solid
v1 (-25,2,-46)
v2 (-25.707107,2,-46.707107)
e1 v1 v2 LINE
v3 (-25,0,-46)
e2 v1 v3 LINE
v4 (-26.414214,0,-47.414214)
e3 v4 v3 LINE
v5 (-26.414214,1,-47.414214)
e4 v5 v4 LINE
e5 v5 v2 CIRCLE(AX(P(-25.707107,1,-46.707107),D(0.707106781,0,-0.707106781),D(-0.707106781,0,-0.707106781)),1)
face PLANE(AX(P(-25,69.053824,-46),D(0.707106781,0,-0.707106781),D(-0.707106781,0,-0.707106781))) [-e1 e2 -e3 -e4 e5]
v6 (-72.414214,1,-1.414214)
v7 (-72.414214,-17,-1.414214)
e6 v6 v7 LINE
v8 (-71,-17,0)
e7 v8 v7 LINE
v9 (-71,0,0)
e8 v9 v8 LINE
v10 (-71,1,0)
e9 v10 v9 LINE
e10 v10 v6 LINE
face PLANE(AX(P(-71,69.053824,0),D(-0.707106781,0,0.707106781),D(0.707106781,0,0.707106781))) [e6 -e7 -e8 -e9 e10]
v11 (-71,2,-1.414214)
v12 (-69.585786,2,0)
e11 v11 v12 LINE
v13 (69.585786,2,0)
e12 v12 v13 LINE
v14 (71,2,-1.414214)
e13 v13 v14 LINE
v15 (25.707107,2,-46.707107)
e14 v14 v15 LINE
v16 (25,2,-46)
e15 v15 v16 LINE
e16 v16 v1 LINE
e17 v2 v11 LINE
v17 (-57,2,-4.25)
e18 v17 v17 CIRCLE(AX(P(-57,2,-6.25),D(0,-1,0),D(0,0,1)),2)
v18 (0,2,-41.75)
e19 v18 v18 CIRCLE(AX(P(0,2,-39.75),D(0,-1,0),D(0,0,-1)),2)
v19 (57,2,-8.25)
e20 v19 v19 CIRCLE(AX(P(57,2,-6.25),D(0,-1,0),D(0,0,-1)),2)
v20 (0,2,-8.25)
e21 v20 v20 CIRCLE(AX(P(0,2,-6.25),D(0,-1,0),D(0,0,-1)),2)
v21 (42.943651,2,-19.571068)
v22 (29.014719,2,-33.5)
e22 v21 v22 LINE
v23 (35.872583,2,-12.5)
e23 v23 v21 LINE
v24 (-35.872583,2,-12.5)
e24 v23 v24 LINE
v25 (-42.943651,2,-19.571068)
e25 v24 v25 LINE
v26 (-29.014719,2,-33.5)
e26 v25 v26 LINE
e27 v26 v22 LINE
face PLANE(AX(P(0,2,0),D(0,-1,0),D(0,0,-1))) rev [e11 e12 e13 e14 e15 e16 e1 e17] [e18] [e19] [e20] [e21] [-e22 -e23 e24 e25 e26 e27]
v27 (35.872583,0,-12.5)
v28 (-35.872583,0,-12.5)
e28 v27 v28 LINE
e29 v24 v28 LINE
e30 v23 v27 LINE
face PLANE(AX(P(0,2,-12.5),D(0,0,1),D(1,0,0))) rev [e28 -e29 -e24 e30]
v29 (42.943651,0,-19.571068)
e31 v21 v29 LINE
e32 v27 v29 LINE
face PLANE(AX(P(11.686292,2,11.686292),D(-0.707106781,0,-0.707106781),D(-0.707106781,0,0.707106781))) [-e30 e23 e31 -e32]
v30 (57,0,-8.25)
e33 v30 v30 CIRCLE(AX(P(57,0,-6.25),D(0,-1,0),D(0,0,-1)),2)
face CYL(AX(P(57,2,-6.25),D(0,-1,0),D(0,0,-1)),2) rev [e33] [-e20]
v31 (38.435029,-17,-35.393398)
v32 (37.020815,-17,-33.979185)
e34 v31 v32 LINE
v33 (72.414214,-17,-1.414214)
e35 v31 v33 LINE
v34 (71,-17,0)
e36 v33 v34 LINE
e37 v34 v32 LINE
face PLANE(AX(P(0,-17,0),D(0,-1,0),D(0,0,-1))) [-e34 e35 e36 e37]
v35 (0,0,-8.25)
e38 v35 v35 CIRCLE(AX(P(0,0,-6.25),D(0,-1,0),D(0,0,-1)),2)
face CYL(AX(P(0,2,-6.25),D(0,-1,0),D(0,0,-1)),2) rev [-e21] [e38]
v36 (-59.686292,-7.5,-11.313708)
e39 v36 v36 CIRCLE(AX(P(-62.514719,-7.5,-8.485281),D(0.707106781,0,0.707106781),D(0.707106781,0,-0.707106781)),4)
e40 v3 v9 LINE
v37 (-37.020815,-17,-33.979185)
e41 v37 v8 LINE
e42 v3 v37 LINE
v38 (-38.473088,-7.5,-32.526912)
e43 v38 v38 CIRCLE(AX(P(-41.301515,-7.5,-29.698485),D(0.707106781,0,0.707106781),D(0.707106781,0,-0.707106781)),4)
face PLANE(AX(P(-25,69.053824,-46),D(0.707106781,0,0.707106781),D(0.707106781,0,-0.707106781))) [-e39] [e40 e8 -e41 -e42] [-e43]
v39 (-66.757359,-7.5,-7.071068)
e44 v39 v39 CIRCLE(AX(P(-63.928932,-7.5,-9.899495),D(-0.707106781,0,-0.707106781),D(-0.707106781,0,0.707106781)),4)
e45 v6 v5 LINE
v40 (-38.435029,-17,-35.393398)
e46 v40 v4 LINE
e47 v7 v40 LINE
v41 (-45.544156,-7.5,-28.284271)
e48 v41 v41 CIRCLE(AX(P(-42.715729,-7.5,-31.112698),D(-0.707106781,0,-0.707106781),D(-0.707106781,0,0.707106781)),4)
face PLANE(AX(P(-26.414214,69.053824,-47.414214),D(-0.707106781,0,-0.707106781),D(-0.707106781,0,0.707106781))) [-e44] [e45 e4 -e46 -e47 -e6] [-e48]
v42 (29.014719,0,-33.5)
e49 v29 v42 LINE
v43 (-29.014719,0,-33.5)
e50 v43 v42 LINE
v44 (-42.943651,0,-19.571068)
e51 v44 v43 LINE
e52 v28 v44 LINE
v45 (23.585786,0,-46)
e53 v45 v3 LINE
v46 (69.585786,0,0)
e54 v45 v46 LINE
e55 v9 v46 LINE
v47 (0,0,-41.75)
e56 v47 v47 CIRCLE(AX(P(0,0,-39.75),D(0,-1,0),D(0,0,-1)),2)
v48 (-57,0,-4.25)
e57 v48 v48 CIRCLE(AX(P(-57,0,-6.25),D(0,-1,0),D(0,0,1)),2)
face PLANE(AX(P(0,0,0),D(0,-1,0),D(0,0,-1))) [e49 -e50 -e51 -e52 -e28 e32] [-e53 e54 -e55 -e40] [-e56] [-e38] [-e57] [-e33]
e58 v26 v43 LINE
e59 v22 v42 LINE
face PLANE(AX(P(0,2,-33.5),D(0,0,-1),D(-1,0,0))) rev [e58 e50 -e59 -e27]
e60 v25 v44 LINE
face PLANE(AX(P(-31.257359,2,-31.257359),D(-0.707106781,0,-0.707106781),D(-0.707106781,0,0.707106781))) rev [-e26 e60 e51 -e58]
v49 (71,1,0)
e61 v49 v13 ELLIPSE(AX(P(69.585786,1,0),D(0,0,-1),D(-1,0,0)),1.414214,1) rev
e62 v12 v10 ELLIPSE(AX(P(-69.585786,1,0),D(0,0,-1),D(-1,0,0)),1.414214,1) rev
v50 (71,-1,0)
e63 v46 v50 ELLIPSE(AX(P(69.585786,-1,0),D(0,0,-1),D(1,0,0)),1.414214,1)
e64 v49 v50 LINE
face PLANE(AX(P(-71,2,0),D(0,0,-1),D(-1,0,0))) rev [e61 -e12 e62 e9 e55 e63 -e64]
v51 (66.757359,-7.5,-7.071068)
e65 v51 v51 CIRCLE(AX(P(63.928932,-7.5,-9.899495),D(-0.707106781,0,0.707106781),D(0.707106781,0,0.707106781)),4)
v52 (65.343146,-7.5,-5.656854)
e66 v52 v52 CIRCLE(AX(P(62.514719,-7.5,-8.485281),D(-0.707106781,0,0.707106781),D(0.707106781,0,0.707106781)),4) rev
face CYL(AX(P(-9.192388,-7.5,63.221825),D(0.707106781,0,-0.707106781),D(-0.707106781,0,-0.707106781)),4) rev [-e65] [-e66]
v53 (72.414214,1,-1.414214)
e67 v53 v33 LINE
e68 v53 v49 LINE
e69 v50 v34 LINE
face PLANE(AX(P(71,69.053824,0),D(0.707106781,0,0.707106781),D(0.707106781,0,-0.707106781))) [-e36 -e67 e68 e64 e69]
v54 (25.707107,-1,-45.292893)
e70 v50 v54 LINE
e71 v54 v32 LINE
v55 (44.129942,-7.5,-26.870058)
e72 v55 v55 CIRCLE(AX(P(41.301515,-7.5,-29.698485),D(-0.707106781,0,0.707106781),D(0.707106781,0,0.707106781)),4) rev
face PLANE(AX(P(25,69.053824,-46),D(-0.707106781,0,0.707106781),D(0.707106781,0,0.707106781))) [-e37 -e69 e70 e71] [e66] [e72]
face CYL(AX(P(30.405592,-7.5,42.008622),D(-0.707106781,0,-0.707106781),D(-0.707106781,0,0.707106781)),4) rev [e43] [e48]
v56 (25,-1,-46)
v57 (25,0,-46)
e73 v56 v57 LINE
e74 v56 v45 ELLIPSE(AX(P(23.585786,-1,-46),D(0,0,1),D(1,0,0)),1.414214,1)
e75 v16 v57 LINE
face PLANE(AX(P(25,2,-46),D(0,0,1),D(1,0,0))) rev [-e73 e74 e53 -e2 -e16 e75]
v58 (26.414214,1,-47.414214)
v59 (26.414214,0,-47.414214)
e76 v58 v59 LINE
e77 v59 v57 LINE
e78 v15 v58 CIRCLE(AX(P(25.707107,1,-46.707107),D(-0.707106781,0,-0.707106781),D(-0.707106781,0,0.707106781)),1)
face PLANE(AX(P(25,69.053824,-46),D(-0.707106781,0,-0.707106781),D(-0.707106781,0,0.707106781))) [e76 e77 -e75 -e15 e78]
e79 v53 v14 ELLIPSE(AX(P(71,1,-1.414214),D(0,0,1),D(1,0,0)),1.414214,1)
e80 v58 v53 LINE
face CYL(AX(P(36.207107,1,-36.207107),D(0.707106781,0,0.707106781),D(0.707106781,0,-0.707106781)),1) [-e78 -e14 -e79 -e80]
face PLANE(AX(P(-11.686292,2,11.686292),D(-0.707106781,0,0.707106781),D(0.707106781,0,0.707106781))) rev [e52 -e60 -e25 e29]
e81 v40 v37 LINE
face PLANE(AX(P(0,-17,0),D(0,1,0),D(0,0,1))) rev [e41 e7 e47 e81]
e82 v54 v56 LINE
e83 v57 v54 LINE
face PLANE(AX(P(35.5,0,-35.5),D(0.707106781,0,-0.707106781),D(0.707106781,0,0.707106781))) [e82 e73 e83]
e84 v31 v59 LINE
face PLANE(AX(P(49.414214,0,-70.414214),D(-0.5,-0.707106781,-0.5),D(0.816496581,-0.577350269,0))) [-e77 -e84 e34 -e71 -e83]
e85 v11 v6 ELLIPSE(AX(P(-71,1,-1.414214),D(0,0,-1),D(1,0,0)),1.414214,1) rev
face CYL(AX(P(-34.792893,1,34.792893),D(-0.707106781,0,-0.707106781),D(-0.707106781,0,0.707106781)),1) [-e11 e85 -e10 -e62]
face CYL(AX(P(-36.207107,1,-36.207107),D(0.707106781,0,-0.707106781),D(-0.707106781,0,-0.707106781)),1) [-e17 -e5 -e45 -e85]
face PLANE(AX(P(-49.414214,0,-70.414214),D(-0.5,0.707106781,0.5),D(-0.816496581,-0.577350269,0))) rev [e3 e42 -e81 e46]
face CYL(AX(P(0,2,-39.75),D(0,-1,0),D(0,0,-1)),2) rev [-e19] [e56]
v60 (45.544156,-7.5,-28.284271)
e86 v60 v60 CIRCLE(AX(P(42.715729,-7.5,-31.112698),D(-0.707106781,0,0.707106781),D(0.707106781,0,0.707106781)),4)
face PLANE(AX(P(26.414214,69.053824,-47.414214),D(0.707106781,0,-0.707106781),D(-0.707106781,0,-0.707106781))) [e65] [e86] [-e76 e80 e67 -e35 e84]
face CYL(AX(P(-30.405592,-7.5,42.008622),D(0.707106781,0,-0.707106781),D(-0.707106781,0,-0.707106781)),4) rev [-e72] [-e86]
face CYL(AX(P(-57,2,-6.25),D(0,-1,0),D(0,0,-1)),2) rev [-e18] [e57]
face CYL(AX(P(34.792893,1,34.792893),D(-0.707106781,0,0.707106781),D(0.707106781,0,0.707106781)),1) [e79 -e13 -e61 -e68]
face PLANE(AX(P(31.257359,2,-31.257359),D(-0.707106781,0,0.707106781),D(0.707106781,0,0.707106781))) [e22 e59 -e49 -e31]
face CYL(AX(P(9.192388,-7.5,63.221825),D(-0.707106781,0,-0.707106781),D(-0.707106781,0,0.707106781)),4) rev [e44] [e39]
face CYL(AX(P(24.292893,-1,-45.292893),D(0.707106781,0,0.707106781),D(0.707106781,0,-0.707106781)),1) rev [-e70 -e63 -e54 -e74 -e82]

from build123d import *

# Parameters (mm, degrees)
BOSS_EXTRUDE1_DEPTH             = 2
BOSS_EXTRUDE2_DEPTH             = 17
BOSS_EXTRUDE2_DIRECTION_2_REACH = 86.623
SKETCH7_R                       = 4
CUT_EXTRUDE4_DEPTH              = 117.637747494
FILLET1_R                       = 1
CUT_EXTRUDE1_DEPTH              = 115.868304979
CUT_EXTRUDE2_DEPTH              = 89.209557156
SKETCH5_R                       = 2
CUT_EXTRUDE3_DEPTH              = 89.209557156


with BuildPart() as part:
    # Sketch1 → Boss-Extrude1 (new body)
    with BuildSketch(Plane(origin=(0, 0, 0), x_dir=(1, 0, 0), z_dir=(0, 1, 0))):
        Polygon((25, 46), (-25, 46), (-71, 0), (71, 0), align=None)
    extrude(amount=BOSS_EXTRUDE1_DEPTH)

    # Sketch2 → Boss-Extrude2 (add)
    with BuildSketch(Plane(origin=(0, 0, 0), x_dir=(-1, 0, 0), z_dir=(0, -1, 0))):
        Polygon((25, 46), (71, 0), (72.414213562, 1.414213562), (26.414213562, 47.414213562), align=None)
        Polygon((-26.414213562, 47.414213562), (-72.414213562, 1.414213562), (-71, 0), (-25, 46), align=None)
    extrude(amount=BOSS_EXTRUDE2_DEPTH)

    # Boss-Extrude2 direction 2: up to this face of the body (flat: up to its plane)
    boss_extrude2_direction_2_end = Plane(part.part.faces().sort_by_distance((0, 2, -19.326388889))[0])
    # Sketch2 → Boss-Extrude2 direction 2 (add, up to the picked face)
    with BuildSketch(Plane(origin=(0, 0, 0), x_dir=(-1, 0, 0), z_dir=(0, -1, 0)), mode=Mode.PRIVATE) as boss_extrude2_direction_2_sk1:
        Polygon((25, 46), (71, 0), (72.414213562, 1.414213562), (26.414213562, 47.414213562), align=None)
    boss_extrude2_direction_2_tool1 = split(extrude(boss_extrude2_direction_2_sk1.sketch, amount=-BOSS_EXTRUDE2_DIRECTION_2_REACH, mode=Mode.PRIVATE), bisect_by=boss_extrude2_direction_2_end, keep=Keep.BOTH, mode=Mode.PRIVATE)
    # Sketch2 → Boss-Extrude2 direction 2 (add, up to the picked face)
    with BuildSketch(Plane(origin=(0, 0, 0), x_dir=(-1, 0, 0), z_dir=(0, -1, 0)), mode=Mode.PRIVATE) as boss_extrude2_direction_2_sk2:
        Polygon((-26.414213562, 47.414213562), (-72.414213562, 1.414213562), (-71, 0), (-25, 46), align=None)
    boss_extrude2_direction_2_tool2 = split(extrude(boss_extrude2_direction_2_sk2.sketch, amount=-BOSS_EXTRUDE2_DIRECTION_2_REACH, mode=Mode.PRIVATE), bisect_by=boss_extrude2_direction_2_end, keep=Keep.BOTH, mode=Mode.PRIVATE)
    add(boss_extrude2_direction_2_tool1.solids().sort_by(Axis((-48.707107, 0, -23.707107), (0, 1, 0)))[0])
    add(boss_extrude2_direction_2_tool2.solids().sort_by(Axis((48.707107, 0, -23.707107), (0, 1, 0)))[0])

    # Sketch7 → Cut-Extrude4 (cut, through all)
    with BuildSketch(Plane(origin=(-36.914213562, 0, -36.914213562), x_dir=(-0.7071067811865512, 0, 0.7071067811865438), z_dir=(-0.7071067811865438, 0, -0.7071067811865512))):
        with Locations((38.204581464, -7.5)):
            Circle(SKETCH7_R)
        with Locations((8.204581464, -7.5)):
            Circle(SKETCH7_R)
    cut_extrude4 = extrude(amount=-CUT_EXTRUDE4_DEPTH, mode=Mode.SUBTRACT)

    # Fillet1
    fillet1_edges = [part.edges().sort_by_distance(p)[0] for p in [
        (-49.414213562, 2, -24.414213562),
        (-71.707106781, 2, -0.707106781),
        (71.707106781, 2, -0.707106781),
        (49.414213562, 2, -24.414213562),
        (48, 0, -23),
    ]]
    fillet(fillet1_edges, radius=FILLET1_R)

    # Sketch3 → Cut-Extrude1 (cut, through all)
    with BuildSketch(Plane(origin=(-35.5, 0, -35.5), x_dir=(0.7071067811865511, 0, -0.707106781186544), z_dir=(0.707106781186544, 0, 0.7071067811865511))):
        Polygon((14.849242405, 0), (-2.150757595, -17), (14.849242405, -17), align=None)
    cut_extrude1 = extrude(amount=-CUT_EXTRUDE1_DEPTH, mode=Mode.SUBTRACT)

    # Sketch4 → Cut-Extrude2 (cut, through all)
    with BuildSketch(Plane(origin=(0, 0, 0), x_dir=(-1, 0, 0), z_dir=(0, -1, 0))):
        Polygon((42.943650814, 19.571067812), (29.014718626, 33.5), (0, 33.5), (0, 12.5), (35.872583002, 12.5), align=None)
        Polygon((0, 12.5), (0, 33.5), (-29.014718626, 33.5), (-42.943650814, 19.571067812), (-35.872583002, 12.5), align=None)
    extrude(amount=-CUT_EXTRUDE2_DEPTH, mode=Mode.SUBTRACT)

    # Mirror1: Cut-Extrude4, Cut-Extrude1 across plane
    add(cut_extrude4.mirror(Plane.ZY), mode=Mode.SUBTRACT)
    add(cut_extrude1.mirror(Plane.ZY), mode=Mode.SUBTRACT)

    # Sketch5 → Cut-Extrude3 (cut, through all)
    with BuildSketch(Plane(origin=(0, 0, 0), x_dir=(-1, 0, 0), z_dir=(0, -1, 0))):
        with Locations(Location((0, 6.25, 0), (0, 0, 90))):
            Circle(SKETCH5_R)
        with Locations(Location((0, 39.75, 0), (0, 0, 90))):
            Circle(SKETCH5_R)
        with Locations(Location((-57, 6.25, 0), (0, 0, 90))):
            Circle(SKETCH5_R)
        with Locations(Location((57, 6.25, 0), (0, 0, 270))):
            Circle(SKETCH5_R)
    extrude(amount=-CUT_EXTRUDE3_DEPTH, mode=Mode.SUBTRACT)


solid = part.part
